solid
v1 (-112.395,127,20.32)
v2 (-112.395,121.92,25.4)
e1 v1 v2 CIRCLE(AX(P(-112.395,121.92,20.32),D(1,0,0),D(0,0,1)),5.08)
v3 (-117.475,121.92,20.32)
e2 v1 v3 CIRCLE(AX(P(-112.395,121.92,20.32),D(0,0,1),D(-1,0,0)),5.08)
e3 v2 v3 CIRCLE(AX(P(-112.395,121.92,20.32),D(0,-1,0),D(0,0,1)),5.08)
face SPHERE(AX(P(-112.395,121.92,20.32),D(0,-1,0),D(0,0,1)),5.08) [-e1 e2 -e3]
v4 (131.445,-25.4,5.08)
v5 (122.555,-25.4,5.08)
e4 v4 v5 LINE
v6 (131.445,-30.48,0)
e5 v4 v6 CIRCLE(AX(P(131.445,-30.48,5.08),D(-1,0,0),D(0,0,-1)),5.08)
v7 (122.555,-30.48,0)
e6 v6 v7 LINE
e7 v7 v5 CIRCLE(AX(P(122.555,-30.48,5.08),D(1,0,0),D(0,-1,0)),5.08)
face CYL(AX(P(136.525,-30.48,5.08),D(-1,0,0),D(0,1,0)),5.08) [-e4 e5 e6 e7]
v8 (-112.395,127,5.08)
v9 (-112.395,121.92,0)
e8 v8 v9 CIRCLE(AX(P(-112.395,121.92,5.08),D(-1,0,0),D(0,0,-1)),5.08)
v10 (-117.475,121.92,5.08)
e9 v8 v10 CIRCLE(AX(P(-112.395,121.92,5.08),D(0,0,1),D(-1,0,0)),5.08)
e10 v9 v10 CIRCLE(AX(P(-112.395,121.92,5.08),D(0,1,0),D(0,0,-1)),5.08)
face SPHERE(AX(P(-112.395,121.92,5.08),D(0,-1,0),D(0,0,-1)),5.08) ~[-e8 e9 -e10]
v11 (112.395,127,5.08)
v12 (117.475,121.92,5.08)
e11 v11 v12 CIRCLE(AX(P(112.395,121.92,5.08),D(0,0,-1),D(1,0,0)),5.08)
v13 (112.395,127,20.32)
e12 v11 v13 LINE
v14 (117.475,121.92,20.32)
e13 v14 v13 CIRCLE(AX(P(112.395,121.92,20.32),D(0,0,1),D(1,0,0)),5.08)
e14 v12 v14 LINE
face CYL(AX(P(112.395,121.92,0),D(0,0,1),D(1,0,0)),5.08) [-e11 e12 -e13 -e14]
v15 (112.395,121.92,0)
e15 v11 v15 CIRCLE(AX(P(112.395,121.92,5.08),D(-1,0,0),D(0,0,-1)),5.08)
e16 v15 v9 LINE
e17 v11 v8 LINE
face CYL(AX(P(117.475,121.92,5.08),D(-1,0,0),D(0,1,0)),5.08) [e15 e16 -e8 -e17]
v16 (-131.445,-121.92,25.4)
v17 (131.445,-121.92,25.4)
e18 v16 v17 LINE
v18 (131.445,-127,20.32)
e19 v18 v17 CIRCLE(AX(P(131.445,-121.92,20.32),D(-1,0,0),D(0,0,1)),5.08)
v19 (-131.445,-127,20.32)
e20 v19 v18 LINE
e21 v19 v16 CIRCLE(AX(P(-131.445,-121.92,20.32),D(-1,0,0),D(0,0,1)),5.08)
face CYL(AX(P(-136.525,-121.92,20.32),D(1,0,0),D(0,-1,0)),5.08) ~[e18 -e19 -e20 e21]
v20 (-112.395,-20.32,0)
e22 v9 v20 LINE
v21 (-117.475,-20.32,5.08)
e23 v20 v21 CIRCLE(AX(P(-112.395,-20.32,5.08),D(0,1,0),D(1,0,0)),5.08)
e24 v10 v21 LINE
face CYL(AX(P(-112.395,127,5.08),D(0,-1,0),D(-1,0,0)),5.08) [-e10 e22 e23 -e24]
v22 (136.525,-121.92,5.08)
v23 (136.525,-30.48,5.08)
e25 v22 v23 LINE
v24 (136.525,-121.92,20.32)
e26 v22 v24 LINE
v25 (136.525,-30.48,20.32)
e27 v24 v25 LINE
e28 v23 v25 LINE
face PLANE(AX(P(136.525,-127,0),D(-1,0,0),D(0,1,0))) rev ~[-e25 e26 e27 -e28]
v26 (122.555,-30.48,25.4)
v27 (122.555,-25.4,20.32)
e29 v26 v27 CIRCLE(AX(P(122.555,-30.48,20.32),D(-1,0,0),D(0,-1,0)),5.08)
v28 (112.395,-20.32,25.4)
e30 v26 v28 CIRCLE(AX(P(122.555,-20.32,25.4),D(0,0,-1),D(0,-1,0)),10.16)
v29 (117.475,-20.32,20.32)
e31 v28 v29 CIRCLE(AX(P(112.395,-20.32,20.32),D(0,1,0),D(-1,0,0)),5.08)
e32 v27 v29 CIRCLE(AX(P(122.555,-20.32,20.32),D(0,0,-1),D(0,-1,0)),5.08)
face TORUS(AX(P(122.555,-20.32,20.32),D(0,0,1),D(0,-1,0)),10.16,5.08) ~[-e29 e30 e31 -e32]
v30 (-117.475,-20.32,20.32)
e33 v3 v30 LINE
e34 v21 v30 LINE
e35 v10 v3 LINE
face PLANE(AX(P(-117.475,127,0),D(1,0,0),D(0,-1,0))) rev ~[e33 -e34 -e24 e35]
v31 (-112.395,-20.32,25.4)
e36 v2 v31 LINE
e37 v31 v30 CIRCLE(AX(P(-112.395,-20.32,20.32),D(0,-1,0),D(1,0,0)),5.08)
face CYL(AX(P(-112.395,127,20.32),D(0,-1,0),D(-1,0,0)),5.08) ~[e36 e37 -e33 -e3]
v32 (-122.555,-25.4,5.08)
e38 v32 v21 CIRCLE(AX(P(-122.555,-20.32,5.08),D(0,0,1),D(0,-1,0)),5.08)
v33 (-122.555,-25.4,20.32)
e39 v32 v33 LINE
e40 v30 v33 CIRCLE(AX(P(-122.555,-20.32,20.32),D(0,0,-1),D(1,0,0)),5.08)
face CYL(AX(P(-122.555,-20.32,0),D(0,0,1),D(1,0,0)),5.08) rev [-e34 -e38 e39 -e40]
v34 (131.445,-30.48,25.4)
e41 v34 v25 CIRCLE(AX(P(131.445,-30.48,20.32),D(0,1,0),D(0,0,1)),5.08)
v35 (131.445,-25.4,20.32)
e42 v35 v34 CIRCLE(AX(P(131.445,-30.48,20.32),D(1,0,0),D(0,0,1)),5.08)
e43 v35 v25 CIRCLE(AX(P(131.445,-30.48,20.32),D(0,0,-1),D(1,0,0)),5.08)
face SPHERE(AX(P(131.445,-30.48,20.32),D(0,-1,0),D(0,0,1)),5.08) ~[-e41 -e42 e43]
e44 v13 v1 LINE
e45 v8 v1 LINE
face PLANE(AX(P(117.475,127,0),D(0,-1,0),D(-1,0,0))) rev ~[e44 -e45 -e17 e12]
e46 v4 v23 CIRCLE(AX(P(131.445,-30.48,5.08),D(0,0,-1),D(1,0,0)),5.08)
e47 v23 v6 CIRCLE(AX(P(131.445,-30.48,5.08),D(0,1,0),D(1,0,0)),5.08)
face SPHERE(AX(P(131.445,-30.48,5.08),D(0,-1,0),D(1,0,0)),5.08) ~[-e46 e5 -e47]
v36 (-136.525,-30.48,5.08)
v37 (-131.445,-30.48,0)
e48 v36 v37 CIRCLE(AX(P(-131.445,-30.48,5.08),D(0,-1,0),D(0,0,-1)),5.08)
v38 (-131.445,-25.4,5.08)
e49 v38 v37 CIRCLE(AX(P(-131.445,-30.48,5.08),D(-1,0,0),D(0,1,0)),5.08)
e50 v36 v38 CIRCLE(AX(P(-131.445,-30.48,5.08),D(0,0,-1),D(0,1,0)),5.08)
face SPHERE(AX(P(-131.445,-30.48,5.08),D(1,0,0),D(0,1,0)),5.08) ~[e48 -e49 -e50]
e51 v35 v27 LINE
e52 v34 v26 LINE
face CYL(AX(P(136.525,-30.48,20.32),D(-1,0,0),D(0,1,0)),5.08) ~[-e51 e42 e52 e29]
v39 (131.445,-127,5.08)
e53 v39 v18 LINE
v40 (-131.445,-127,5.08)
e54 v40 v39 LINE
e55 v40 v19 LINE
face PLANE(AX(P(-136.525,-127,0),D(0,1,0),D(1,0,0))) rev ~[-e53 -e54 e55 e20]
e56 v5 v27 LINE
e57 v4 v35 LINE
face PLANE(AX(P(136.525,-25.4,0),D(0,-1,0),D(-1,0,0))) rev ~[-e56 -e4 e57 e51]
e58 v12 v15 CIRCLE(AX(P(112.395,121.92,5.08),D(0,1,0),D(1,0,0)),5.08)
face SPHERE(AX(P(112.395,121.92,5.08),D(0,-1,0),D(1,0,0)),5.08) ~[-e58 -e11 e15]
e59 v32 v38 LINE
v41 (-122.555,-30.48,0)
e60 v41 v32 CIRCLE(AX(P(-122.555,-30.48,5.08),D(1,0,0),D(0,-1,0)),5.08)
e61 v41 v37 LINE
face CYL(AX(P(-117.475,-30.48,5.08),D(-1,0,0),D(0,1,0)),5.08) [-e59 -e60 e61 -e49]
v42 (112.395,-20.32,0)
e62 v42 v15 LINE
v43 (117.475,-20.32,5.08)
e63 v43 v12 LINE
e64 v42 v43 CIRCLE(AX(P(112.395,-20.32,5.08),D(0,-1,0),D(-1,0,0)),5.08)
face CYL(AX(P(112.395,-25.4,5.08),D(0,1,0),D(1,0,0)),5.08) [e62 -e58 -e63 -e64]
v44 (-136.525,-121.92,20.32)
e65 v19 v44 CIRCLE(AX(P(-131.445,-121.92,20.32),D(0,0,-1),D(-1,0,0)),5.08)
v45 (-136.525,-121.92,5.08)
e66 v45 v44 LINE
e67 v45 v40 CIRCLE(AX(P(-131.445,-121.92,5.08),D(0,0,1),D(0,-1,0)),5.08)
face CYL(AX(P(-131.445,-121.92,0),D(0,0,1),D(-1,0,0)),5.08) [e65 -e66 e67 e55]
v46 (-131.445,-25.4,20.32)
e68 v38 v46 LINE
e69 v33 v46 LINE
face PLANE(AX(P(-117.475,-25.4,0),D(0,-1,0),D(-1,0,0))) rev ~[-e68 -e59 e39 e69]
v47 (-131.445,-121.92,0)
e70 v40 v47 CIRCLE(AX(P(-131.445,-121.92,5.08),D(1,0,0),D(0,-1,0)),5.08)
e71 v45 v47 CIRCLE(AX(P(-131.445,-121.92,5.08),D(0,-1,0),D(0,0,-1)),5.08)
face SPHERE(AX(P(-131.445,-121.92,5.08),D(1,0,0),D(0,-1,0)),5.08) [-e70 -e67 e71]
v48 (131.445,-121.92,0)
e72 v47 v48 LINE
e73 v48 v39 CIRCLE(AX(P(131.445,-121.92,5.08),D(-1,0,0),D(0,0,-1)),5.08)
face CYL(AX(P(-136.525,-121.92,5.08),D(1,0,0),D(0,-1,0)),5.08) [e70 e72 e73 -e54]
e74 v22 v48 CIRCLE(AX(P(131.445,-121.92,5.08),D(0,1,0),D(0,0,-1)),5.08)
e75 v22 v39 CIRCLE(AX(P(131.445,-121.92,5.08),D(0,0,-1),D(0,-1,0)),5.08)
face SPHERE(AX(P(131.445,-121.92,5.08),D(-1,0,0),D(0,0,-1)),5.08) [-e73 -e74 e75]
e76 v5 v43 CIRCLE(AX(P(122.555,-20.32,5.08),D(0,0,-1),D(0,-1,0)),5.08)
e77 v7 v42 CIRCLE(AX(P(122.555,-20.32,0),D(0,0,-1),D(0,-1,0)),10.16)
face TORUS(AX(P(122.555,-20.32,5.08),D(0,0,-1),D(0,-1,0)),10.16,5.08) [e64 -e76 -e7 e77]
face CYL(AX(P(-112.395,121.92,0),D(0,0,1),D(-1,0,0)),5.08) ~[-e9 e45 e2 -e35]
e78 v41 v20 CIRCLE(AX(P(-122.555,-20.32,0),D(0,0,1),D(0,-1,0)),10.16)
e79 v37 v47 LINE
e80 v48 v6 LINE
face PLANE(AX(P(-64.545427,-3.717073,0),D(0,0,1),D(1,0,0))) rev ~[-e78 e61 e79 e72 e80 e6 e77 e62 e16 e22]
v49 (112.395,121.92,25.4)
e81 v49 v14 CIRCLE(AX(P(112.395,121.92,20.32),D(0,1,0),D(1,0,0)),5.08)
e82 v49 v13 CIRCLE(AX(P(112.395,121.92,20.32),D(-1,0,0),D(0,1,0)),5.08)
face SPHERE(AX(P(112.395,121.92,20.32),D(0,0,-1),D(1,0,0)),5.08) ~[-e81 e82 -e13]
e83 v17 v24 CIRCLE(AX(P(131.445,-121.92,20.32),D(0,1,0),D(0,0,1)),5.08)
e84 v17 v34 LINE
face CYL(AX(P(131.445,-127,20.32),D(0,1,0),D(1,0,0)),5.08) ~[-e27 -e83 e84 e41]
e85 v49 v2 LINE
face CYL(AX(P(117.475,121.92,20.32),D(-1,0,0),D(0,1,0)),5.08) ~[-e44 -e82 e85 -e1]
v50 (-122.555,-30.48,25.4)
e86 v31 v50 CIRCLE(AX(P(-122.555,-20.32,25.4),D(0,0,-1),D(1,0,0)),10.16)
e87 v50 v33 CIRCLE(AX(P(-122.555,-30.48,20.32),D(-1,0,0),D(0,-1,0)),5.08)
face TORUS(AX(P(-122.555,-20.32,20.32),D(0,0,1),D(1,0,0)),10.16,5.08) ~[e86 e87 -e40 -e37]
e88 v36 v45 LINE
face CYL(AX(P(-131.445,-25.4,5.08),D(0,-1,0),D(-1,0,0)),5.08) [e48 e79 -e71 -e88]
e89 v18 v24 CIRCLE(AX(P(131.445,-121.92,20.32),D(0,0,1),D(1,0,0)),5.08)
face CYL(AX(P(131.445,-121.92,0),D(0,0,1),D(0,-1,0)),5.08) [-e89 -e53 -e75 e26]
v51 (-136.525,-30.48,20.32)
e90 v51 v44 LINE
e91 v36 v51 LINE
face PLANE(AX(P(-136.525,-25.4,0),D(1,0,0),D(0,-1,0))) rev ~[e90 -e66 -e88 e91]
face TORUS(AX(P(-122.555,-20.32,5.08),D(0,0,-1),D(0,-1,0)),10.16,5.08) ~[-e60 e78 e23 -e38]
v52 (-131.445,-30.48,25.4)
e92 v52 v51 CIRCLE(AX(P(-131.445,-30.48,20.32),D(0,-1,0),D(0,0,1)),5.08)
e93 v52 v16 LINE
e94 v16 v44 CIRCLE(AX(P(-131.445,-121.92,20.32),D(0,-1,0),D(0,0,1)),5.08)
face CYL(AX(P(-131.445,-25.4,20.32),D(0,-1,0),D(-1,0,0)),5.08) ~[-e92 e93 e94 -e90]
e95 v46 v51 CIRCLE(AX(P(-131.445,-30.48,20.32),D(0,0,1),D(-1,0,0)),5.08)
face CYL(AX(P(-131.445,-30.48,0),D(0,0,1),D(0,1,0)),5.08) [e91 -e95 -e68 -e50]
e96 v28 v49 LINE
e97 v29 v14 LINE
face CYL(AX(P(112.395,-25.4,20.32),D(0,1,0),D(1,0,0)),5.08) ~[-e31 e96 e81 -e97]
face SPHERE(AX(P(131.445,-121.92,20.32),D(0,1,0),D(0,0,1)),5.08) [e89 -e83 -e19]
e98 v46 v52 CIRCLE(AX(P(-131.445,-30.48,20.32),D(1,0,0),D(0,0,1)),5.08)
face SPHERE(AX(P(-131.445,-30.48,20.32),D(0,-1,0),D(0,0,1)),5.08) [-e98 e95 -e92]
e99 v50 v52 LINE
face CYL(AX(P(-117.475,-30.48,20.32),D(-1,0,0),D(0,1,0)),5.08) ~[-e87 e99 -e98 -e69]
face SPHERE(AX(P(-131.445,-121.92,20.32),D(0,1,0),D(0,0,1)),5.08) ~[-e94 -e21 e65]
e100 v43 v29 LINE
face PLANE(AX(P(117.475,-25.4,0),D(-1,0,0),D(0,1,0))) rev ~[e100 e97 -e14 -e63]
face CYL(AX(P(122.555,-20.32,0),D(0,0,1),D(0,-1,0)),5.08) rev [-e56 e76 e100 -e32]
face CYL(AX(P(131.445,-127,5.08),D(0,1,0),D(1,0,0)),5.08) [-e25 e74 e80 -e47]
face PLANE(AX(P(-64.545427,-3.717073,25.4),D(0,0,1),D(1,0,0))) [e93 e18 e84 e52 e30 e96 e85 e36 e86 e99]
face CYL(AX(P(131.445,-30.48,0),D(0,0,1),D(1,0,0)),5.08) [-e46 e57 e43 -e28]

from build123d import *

# Parameters (mm, degrees)
F1_DEPTH = 25.4
F2_R     = 5.08


with BuildPart() as f1:
    # F0 (on Top) → F1 (new body)
    with BuildSketch(Plane.XY):
        Polygon((0, 127), (-117.475, 127), (-117.475, -25.4), (-136.525, -25.4), (-136.525, -127), (0, -127), align=None)
        Polygon((117.475, 127), (0, 127), (0, -127), (136.525, -127), (136.525, -25.4), (117.475, -25.4), align=None)
    extrude(amount=F1_DEPTH)

    # F2
    f2_edges = [f1.edges().sort_by_distance(p)[0] for p in [
        (0, -127, 0),
        (-117.475, 50.8, 25.4),
        (117.475, 50.8, 0),
        (136.525, -76.2, 25.4),
        (127, -25.4, 25.4),
        (117.475, 127, 12.7),
        (136.525, -76.2, 0),
        (-136.525, -76.2, 25.4),
        (117.475, 50.8, 25.4),
        (0, -127, 25.4),
        (0, 127, 25.4),
        (136.525, -25.4, 12.7),
        (-127, -25.4, 0),
        (-127, -25.4, 25.4),
        (-136.525, -25.4, 12.7),
        (-117.475, 50.8, 0),
        (0, 127, 0),
        (-136.525, -127, 12.7),
        (136.525, -127, 12.7),
        (117.475, -25.4, 12.7),
        (-136.525, -76.2, 0),
        (-117.475, -25.4, 12.7),
        (-117.475, 127, 12.7),
        (127, -25.4, 0),
    ]]
    fillet(f2_edges, radius=F2_R)


solid = f1.part
